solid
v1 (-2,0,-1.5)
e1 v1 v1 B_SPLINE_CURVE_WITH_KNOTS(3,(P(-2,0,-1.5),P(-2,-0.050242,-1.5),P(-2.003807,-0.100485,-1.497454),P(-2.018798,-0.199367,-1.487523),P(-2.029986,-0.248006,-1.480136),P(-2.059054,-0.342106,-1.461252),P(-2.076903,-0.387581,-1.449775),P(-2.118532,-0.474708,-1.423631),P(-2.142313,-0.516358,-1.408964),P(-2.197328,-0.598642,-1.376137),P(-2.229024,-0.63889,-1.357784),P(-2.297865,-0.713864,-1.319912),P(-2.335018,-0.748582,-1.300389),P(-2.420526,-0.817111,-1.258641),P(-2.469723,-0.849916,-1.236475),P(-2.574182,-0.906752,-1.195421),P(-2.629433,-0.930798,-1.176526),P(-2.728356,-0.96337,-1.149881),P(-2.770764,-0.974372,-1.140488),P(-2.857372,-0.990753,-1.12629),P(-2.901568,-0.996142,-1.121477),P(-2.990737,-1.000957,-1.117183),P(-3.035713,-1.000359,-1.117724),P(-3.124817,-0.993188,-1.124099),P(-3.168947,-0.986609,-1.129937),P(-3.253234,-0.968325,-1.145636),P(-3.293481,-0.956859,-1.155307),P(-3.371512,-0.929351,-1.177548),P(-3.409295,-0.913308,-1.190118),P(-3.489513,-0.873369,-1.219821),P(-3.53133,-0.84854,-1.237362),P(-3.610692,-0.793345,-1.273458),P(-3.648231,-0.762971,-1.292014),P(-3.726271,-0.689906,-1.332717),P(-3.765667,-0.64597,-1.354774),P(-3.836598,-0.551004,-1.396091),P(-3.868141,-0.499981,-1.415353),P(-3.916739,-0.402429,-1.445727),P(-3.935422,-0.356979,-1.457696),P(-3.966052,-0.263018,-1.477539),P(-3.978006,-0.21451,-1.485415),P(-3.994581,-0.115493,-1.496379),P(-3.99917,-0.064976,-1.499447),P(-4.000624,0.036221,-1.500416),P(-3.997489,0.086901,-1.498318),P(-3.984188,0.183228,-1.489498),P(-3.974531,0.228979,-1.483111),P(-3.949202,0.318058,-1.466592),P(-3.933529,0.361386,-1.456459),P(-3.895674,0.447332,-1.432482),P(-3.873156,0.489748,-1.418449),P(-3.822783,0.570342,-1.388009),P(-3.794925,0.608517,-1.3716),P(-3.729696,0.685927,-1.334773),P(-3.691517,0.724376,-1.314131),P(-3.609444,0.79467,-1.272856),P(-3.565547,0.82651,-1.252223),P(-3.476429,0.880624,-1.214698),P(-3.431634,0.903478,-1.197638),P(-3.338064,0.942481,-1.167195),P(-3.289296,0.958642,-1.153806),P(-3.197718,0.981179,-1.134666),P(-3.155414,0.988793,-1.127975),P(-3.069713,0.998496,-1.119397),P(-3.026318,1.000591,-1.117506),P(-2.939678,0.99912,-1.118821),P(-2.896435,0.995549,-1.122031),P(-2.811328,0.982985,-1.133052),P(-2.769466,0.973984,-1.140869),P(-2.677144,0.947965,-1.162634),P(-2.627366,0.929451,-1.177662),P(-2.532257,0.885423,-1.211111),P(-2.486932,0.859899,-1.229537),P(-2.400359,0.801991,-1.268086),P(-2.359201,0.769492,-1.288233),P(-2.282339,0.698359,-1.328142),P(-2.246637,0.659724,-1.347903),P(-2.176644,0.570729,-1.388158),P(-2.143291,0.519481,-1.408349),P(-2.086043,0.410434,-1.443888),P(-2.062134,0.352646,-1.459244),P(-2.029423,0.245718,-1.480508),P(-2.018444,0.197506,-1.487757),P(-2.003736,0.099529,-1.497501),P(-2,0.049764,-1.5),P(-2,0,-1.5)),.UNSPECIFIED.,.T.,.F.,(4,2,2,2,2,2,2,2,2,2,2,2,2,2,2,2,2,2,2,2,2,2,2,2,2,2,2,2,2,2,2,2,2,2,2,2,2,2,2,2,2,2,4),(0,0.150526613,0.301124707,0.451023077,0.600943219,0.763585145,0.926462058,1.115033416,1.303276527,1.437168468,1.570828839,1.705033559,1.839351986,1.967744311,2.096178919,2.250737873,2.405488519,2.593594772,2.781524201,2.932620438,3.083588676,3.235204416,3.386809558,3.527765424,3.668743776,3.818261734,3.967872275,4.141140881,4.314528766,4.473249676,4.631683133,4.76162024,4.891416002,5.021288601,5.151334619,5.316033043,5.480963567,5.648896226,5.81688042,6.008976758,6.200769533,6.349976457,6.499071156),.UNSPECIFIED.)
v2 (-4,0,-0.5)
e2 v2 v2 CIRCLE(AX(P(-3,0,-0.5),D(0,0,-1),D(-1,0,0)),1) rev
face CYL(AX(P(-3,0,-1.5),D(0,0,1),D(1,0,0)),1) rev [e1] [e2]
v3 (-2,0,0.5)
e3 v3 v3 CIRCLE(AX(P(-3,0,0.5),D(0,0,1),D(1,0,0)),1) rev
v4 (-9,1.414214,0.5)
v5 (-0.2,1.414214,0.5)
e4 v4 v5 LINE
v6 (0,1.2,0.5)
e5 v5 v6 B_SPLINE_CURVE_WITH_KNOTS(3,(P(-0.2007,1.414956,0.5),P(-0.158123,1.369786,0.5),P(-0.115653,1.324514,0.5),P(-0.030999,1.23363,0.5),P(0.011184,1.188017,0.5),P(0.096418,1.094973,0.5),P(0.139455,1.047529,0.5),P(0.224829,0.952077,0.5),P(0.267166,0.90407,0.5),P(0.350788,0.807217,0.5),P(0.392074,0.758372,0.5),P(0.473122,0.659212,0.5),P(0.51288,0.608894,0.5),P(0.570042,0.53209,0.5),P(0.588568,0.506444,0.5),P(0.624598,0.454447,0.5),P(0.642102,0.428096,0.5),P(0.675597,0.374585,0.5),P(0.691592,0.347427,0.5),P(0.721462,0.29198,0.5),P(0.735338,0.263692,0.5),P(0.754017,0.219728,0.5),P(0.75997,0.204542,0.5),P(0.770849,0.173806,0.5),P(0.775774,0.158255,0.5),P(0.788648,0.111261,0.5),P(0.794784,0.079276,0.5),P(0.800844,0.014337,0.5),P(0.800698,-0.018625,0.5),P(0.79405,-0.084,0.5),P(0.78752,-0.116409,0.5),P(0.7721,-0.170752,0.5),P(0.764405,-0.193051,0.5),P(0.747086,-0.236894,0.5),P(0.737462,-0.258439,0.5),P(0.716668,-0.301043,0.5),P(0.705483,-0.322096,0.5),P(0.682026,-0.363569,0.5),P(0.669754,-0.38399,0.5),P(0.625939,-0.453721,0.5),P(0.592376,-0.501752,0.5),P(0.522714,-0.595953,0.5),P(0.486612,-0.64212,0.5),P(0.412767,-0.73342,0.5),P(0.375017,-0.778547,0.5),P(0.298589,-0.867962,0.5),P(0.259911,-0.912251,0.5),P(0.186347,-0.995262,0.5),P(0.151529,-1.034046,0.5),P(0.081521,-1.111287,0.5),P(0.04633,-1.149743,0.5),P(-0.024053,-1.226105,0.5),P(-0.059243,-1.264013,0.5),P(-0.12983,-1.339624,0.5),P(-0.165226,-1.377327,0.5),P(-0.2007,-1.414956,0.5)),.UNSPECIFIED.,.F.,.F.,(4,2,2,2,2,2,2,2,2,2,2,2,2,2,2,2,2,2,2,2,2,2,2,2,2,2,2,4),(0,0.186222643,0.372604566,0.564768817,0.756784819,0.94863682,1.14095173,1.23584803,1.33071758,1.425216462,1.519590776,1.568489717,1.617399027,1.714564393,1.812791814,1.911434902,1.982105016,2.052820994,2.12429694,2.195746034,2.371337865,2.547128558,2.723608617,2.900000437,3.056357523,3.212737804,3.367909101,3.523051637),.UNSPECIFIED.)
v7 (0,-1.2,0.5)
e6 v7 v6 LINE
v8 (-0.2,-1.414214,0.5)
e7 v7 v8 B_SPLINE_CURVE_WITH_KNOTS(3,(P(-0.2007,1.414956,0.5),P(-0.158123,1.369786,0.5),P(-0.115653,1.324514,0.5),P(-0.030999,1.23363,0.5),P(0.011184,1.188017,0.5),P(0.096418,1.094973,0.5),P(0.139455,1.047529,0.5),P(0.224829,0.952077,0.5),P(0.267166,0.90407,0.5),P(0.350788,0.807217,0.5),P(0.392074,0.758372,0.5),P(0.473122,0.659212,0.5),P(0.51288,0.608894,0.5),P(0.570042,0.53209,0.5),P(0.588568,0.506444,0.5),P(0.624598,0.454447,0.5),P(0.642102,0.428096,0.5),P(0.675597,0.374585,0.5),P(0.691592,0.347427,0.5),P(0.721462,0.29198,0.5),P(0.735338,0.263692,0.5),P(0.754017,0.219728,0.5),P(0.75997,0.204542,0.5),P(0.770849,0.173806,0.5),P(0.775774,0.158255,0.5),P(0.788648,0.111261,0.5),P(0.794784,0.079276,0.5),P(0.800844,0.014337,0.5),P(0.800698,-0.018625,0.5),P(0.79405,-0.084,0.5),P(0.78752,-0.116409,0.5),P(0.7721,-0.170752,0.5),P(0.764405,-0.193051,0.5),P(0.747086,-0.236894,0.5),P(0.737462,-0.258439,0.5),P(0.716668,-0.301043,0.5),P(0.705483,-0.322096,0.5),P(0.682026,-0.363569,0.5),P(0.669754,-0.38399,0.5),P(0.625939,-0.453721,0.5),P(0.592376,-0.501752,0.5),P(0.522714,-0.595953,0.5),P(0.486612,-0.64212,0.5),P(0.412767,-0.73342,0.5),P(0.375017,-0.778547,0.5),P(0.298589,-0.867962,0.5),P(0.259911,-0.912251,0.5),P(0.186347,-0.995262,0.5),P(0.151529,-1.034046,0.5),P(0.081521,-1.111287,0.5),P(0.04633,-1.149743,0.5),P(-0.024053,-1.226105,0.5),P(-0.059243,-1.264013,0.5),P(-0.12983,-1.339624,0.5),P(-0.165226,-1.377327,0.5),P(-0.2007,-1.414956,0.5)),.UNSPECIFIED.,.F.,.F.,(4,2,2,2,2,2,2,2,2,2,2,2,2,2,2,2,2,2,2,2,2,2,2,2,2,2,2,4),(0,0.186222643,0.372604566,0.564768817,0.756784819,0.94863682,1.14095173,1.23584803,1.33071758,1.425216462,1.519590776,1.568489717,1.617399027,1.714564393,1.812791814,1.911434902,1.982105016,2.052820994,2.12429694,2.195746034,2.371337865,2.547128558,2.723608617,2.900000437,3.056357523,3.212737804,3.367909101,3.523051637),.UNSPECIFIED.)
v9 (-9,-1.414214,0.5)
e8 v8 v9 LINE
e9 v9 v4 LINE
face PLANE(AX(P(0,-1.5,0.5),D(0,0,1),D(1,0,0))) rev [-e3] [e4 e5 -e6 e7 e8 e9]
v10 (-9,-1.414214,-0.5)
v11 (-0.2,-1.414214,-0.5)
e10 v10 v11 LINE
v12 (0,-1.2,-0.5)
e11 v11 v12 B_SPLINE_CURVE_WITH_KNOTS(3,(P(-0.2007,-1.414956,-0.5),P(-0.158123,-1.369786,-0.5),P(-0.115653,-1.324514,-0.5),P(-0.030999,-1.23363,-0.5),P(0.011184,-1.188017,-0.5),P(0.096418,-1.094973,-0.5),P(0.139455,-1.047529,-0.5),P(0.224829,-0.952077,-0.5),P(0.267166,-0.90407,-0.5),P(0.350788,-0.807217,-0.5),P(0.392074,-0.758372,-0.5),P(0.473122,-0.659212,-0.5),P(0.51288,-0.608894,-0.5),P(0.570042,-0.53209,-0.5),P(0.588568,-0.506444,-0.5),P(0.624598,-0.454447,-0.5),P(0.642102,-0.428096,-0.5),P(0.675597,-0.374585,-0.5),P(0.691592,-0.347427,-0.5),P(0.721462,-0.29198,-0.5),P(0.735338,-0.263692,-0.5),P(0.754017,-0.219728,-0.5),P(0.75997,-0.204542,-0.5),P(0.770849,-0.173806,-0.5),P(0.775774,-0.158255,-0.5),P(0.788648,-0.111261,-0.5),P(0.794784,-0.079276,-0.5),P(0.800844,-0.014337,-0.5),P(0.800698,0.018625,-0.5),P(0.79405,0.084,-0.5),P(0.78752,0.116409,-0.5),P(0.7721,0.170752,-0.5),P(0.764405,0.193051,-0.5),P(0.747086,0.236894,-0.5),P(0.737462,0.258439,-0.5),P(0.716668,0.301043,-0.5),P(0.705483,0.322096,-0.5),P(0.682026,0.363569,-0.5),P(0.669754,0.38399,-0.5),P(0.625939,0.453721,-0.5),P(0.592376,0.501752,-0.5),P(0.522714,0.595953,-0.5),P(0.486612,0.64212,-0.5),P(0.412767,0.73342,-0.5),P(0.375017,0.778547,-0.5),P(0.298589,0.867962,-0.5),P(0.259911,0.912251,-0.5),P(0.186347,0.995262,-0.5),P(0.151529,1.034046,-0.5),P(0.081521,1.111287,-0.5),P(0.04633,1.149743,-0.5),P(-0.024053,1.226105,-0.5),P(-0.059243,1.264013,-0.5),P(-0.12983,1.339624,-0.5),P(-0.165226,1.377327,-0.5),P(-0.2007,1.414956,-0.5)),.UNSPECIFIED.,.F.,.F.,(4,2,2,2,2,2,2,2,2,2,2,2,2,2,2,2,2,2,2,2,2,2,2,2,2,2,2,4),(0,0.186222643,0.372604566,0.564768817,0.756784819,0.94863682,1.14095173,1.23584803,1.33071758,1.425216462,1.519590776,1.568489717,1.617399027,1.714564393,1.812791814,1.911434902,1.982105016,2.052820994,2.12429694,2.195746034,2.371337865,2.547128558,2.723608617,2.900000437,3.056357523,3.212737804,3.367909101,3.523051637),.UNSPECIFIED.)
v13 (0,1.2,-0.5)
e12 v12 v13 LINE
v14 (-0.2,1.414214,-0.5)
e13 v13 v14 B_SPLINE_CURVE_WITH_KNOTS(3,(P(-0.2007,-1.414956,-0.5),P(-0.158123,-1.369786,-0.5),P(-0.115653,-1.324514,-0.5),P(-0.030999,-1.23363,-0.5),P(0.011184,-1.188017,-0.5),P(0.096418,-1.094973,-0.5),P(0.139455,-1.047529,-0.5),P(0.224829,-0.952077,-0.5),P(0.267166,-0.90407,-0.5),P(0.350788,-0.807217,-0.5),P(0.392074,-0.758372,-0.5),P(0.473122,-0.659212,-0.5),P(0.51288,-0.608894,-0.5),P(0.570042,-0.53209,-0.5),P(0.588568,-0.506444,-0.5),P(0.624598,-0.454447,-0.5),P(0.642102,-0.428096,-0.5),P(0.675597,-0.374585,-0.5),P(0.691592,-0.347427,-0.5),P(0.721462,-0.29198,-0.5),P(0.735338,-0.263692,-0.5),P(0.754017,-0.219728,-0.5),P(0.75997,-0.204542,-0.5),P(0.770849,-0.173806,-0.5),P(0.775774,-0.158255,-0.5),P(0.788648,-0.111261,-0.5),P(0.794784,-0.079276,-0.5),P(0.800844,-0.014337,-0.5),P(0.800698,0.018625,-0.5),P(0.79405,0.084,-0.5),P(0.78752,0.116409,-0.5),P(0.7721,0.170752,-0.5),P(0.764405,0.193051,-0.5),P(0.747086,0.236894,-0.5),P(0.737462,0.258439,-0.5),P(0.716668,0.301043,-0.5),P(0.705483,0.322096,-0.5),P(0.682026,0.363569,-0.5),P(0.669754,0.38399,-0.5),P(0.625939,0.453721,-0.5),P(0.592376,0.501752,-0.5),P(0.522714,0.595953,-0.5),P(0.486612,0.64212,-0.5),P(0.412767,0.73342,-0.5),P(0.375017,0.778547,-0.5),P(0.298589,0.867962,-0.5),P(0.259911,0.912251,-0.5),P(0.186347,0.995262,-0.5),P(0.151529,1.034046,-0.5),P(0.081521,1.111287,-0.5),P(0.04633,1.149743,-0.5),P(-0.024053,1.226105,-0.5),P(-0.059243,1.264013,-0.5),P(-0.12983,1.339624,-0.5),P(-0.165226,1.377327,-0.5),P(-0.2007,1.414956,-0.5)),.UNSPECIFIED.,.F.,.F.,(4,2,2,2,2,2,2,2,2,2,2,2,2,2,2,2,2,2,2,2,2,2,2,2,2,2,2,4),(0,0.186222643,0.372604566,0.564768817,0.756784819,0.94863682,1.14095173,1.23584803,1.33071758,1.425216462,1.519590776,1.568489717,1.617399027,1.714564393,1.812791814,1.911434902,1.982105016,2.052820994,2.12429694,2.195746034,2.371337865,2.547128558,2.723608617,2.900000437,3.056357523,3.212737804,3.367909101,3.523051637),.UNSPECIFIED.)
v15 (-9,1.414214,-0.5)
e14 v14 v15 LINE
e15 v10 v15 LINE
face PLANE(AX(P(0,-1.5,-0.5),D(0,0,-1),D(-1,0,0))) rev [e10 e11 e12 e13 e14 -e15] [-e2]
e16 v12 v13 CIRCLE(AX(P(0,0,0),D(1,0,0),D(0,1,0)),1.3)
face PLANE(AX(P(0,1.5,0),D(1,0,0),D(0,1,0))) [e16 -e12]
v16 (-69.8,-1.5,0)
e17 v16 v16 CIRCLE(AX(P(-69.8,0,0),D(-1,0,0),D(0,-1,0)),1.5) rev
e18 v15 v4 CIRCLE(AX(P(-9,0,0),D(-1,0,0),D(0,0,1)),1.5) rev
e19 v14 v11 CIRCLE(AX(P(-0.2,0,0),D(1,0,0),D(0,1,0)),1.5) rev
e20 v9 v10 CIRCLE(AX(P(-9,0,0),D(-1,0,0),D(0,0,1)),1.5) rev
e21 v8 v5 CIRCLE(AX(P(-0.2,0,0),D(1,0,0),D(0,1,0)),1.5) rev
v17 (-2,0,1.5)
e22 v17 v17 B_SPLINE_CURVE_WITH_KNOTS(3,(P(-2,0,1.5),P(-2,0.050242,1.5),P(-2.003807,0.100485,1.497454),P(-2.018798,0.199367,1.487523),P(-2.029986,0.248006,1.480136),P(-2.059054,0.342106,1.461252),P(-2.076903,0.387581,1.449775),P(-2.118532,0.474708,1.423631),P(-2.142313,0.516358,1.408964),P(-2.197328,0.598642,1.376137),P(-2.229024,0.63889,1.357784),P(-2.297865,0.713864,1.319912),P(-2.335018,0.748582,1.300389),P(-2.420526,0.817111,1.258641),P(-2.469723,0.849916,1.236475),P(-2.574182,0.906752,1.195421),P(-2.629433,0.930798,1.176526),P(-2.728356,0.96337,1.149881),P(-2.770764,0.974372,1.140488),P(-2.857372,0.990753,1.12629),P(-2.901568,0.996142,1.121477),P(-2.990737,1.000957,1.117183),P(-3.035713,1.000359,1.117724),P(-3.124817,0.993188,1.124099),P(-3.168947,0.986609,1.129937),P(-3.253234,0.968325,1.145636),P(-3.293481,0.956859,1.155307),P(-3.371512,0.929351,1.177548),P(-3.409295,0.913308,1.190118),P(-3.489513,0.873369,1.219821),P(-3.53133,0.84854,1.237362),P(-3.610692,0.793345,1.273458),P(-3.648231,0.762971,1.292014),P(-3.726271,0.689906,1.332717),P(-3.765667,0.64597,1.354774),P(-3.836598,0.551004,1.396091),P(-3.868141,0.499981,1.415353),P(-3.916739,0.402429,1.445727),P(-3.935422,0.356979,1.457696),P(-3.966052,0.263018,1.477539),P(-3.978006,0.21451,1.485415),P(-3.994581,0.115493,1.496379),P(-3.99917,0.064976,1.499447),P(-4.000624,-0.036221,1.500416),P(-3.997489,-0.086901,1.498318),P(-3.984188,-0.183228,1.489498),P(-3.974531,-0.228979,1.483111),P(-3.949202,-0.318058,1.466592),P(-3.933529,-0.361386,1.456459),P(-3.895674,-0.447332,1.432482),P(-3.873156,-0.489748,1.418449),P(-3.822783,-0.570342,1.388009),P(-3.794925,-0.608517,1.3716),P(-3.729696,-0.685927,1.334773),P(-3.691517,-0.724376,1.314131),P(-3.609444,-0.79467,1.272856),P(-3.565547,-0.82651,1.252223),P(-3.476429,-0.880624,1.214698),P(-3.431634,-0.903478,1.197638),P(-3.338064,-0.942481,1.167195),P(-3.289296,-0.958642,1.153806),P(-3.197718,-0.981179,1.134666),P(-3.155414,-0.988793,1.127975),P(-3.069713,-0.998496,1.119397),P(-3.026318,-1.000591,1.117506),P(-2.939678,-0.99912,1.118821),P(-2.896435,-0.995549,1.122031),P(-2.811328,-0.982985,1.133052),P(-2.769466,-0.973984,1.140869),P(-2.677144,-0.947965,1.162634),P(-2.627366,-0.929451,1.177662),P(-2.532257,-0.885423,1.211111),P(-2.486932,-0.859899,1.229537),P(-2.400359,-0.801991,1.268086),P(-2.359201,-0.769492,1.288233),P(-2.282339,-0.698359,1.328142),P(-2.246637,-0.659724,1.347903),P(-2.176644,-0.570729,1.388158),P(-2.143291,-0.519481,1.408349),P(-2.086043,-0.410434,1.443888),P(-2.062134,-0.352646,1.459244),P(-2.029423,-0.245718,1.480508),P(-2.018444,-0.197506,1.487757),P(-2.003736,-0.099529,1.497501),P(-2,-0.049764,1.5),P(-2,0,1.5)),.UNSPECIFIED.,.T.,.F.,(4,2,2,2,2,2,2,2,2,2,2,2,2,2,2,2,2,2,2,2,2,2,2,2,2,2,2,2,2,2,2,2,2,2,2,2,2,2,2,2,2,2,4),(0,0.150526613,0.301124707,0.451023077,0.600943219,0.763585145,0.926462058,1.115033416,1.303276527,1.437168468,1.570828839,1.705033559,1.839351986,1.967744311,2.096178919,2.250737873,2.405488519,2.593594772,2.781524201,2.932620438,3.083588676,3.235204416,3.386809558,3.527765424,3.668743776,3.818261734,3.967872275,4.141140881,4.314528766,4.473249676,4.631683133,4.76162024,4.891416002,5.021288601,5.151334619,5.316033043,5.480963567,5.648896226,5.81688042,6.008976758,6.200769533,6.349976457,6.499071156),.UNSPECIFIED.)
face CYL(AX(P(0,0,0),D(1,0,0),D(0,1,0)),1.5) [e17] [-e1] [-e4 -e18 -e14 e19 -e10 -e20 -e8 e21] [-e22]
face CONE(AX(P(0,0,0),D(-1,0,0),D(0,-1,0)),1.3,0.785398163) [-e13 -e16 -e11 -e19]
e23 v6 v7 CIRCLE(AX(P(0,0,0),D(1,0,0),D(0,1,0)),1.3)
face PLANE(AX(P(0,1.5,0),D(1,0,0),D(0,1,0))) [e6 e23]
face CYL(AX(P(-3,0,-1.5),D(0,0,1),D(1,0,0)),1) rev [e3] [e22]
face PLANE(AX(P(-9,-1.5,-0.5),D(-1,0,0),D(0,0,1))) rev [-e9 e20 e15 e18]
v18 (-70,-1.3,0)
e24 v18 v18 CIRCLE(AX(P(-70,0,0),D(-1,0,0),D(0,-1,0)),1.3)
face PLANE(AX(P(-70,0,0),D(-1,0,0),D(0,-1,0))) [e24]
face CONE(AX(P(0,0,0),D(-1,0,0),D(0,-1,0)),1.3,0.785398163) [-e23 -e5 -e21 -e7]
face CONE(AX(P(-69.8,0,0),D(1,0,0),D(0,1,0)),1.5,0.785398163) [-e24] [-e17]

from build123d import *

# Parameters (mm, degrees)
CUT_EXTRUDE1_DEPTH      = 71.032135481
CUT_EXTRUDE1_DEPTH_BACK = 71.032135481
SKETCH2_R               = 1
CHAMFER1_SIZE           = 0.2
CUT_EXTRUDE2_DEPTH      = 71.032135485
CUT_EXTRUDE2_DEPTH_BACK = 71.032135485
SKETCH3_W               = 9
SKETCH3_H               = 1


with BuildPart() as part:
    # Sketch1 → Revolve1 (revolve)
    with BuildSketch(Plane.XY):
        Polygon((-70, 0), (-70, 1.5), (0, 1.5), (0, 0.5), (0, 0), (-9, 0), align=None)
    revolve(axis=Axis((0, 0, 0), (-1, 0, 0)))

    # Sketch2 → Cut-Extrude1 (cut, two sides: drawn at the far end of the back side and taken through both)
    with BuildSketch(Plane.XY.offset(-CUT_EXTRUDE1_DEPTH_BACK)):
        with Locations((-3, 0)):
            Circle(SKETCH2_R)
    extrude(amount=CUT_EXTRUDE1_DEPTH + CUT_EXTRUDE1_DEPTH_BACK, mode=Mode.SUBTRACT)

    # Chamfer1
    chamfer1_edges = [part.edges().sort_by_distance(p)[0] for p in [
        (0, -1.5, 0),
        (-70, -1.5, 0),
    ]]
    chamfer(chamfer1_edges, length=CHAMFER1_SIZE)

    # Sketch3 → Cut-Extrude2 (cut, two sides: drawn at the far end of the back side and taken through both)
    with BuildSketch(Plane(origin=(0, 0, 0), x_dir=(1, 0, 0), z_dir=(0, 1, 0)).offset(-CUT_EXTRUDE2_DEPTH_BACK)):
        with Locations((-4.5, 0)):
            Rectangle(SKETCH3_W, SKETCH3_H)
    extrude(amount=CUT_EXTRUDE2_DEPTH + CUT_EXTRUDE2_DEPTH_BACK, mode=Mode.SUBTRACT)


solid = part.part
